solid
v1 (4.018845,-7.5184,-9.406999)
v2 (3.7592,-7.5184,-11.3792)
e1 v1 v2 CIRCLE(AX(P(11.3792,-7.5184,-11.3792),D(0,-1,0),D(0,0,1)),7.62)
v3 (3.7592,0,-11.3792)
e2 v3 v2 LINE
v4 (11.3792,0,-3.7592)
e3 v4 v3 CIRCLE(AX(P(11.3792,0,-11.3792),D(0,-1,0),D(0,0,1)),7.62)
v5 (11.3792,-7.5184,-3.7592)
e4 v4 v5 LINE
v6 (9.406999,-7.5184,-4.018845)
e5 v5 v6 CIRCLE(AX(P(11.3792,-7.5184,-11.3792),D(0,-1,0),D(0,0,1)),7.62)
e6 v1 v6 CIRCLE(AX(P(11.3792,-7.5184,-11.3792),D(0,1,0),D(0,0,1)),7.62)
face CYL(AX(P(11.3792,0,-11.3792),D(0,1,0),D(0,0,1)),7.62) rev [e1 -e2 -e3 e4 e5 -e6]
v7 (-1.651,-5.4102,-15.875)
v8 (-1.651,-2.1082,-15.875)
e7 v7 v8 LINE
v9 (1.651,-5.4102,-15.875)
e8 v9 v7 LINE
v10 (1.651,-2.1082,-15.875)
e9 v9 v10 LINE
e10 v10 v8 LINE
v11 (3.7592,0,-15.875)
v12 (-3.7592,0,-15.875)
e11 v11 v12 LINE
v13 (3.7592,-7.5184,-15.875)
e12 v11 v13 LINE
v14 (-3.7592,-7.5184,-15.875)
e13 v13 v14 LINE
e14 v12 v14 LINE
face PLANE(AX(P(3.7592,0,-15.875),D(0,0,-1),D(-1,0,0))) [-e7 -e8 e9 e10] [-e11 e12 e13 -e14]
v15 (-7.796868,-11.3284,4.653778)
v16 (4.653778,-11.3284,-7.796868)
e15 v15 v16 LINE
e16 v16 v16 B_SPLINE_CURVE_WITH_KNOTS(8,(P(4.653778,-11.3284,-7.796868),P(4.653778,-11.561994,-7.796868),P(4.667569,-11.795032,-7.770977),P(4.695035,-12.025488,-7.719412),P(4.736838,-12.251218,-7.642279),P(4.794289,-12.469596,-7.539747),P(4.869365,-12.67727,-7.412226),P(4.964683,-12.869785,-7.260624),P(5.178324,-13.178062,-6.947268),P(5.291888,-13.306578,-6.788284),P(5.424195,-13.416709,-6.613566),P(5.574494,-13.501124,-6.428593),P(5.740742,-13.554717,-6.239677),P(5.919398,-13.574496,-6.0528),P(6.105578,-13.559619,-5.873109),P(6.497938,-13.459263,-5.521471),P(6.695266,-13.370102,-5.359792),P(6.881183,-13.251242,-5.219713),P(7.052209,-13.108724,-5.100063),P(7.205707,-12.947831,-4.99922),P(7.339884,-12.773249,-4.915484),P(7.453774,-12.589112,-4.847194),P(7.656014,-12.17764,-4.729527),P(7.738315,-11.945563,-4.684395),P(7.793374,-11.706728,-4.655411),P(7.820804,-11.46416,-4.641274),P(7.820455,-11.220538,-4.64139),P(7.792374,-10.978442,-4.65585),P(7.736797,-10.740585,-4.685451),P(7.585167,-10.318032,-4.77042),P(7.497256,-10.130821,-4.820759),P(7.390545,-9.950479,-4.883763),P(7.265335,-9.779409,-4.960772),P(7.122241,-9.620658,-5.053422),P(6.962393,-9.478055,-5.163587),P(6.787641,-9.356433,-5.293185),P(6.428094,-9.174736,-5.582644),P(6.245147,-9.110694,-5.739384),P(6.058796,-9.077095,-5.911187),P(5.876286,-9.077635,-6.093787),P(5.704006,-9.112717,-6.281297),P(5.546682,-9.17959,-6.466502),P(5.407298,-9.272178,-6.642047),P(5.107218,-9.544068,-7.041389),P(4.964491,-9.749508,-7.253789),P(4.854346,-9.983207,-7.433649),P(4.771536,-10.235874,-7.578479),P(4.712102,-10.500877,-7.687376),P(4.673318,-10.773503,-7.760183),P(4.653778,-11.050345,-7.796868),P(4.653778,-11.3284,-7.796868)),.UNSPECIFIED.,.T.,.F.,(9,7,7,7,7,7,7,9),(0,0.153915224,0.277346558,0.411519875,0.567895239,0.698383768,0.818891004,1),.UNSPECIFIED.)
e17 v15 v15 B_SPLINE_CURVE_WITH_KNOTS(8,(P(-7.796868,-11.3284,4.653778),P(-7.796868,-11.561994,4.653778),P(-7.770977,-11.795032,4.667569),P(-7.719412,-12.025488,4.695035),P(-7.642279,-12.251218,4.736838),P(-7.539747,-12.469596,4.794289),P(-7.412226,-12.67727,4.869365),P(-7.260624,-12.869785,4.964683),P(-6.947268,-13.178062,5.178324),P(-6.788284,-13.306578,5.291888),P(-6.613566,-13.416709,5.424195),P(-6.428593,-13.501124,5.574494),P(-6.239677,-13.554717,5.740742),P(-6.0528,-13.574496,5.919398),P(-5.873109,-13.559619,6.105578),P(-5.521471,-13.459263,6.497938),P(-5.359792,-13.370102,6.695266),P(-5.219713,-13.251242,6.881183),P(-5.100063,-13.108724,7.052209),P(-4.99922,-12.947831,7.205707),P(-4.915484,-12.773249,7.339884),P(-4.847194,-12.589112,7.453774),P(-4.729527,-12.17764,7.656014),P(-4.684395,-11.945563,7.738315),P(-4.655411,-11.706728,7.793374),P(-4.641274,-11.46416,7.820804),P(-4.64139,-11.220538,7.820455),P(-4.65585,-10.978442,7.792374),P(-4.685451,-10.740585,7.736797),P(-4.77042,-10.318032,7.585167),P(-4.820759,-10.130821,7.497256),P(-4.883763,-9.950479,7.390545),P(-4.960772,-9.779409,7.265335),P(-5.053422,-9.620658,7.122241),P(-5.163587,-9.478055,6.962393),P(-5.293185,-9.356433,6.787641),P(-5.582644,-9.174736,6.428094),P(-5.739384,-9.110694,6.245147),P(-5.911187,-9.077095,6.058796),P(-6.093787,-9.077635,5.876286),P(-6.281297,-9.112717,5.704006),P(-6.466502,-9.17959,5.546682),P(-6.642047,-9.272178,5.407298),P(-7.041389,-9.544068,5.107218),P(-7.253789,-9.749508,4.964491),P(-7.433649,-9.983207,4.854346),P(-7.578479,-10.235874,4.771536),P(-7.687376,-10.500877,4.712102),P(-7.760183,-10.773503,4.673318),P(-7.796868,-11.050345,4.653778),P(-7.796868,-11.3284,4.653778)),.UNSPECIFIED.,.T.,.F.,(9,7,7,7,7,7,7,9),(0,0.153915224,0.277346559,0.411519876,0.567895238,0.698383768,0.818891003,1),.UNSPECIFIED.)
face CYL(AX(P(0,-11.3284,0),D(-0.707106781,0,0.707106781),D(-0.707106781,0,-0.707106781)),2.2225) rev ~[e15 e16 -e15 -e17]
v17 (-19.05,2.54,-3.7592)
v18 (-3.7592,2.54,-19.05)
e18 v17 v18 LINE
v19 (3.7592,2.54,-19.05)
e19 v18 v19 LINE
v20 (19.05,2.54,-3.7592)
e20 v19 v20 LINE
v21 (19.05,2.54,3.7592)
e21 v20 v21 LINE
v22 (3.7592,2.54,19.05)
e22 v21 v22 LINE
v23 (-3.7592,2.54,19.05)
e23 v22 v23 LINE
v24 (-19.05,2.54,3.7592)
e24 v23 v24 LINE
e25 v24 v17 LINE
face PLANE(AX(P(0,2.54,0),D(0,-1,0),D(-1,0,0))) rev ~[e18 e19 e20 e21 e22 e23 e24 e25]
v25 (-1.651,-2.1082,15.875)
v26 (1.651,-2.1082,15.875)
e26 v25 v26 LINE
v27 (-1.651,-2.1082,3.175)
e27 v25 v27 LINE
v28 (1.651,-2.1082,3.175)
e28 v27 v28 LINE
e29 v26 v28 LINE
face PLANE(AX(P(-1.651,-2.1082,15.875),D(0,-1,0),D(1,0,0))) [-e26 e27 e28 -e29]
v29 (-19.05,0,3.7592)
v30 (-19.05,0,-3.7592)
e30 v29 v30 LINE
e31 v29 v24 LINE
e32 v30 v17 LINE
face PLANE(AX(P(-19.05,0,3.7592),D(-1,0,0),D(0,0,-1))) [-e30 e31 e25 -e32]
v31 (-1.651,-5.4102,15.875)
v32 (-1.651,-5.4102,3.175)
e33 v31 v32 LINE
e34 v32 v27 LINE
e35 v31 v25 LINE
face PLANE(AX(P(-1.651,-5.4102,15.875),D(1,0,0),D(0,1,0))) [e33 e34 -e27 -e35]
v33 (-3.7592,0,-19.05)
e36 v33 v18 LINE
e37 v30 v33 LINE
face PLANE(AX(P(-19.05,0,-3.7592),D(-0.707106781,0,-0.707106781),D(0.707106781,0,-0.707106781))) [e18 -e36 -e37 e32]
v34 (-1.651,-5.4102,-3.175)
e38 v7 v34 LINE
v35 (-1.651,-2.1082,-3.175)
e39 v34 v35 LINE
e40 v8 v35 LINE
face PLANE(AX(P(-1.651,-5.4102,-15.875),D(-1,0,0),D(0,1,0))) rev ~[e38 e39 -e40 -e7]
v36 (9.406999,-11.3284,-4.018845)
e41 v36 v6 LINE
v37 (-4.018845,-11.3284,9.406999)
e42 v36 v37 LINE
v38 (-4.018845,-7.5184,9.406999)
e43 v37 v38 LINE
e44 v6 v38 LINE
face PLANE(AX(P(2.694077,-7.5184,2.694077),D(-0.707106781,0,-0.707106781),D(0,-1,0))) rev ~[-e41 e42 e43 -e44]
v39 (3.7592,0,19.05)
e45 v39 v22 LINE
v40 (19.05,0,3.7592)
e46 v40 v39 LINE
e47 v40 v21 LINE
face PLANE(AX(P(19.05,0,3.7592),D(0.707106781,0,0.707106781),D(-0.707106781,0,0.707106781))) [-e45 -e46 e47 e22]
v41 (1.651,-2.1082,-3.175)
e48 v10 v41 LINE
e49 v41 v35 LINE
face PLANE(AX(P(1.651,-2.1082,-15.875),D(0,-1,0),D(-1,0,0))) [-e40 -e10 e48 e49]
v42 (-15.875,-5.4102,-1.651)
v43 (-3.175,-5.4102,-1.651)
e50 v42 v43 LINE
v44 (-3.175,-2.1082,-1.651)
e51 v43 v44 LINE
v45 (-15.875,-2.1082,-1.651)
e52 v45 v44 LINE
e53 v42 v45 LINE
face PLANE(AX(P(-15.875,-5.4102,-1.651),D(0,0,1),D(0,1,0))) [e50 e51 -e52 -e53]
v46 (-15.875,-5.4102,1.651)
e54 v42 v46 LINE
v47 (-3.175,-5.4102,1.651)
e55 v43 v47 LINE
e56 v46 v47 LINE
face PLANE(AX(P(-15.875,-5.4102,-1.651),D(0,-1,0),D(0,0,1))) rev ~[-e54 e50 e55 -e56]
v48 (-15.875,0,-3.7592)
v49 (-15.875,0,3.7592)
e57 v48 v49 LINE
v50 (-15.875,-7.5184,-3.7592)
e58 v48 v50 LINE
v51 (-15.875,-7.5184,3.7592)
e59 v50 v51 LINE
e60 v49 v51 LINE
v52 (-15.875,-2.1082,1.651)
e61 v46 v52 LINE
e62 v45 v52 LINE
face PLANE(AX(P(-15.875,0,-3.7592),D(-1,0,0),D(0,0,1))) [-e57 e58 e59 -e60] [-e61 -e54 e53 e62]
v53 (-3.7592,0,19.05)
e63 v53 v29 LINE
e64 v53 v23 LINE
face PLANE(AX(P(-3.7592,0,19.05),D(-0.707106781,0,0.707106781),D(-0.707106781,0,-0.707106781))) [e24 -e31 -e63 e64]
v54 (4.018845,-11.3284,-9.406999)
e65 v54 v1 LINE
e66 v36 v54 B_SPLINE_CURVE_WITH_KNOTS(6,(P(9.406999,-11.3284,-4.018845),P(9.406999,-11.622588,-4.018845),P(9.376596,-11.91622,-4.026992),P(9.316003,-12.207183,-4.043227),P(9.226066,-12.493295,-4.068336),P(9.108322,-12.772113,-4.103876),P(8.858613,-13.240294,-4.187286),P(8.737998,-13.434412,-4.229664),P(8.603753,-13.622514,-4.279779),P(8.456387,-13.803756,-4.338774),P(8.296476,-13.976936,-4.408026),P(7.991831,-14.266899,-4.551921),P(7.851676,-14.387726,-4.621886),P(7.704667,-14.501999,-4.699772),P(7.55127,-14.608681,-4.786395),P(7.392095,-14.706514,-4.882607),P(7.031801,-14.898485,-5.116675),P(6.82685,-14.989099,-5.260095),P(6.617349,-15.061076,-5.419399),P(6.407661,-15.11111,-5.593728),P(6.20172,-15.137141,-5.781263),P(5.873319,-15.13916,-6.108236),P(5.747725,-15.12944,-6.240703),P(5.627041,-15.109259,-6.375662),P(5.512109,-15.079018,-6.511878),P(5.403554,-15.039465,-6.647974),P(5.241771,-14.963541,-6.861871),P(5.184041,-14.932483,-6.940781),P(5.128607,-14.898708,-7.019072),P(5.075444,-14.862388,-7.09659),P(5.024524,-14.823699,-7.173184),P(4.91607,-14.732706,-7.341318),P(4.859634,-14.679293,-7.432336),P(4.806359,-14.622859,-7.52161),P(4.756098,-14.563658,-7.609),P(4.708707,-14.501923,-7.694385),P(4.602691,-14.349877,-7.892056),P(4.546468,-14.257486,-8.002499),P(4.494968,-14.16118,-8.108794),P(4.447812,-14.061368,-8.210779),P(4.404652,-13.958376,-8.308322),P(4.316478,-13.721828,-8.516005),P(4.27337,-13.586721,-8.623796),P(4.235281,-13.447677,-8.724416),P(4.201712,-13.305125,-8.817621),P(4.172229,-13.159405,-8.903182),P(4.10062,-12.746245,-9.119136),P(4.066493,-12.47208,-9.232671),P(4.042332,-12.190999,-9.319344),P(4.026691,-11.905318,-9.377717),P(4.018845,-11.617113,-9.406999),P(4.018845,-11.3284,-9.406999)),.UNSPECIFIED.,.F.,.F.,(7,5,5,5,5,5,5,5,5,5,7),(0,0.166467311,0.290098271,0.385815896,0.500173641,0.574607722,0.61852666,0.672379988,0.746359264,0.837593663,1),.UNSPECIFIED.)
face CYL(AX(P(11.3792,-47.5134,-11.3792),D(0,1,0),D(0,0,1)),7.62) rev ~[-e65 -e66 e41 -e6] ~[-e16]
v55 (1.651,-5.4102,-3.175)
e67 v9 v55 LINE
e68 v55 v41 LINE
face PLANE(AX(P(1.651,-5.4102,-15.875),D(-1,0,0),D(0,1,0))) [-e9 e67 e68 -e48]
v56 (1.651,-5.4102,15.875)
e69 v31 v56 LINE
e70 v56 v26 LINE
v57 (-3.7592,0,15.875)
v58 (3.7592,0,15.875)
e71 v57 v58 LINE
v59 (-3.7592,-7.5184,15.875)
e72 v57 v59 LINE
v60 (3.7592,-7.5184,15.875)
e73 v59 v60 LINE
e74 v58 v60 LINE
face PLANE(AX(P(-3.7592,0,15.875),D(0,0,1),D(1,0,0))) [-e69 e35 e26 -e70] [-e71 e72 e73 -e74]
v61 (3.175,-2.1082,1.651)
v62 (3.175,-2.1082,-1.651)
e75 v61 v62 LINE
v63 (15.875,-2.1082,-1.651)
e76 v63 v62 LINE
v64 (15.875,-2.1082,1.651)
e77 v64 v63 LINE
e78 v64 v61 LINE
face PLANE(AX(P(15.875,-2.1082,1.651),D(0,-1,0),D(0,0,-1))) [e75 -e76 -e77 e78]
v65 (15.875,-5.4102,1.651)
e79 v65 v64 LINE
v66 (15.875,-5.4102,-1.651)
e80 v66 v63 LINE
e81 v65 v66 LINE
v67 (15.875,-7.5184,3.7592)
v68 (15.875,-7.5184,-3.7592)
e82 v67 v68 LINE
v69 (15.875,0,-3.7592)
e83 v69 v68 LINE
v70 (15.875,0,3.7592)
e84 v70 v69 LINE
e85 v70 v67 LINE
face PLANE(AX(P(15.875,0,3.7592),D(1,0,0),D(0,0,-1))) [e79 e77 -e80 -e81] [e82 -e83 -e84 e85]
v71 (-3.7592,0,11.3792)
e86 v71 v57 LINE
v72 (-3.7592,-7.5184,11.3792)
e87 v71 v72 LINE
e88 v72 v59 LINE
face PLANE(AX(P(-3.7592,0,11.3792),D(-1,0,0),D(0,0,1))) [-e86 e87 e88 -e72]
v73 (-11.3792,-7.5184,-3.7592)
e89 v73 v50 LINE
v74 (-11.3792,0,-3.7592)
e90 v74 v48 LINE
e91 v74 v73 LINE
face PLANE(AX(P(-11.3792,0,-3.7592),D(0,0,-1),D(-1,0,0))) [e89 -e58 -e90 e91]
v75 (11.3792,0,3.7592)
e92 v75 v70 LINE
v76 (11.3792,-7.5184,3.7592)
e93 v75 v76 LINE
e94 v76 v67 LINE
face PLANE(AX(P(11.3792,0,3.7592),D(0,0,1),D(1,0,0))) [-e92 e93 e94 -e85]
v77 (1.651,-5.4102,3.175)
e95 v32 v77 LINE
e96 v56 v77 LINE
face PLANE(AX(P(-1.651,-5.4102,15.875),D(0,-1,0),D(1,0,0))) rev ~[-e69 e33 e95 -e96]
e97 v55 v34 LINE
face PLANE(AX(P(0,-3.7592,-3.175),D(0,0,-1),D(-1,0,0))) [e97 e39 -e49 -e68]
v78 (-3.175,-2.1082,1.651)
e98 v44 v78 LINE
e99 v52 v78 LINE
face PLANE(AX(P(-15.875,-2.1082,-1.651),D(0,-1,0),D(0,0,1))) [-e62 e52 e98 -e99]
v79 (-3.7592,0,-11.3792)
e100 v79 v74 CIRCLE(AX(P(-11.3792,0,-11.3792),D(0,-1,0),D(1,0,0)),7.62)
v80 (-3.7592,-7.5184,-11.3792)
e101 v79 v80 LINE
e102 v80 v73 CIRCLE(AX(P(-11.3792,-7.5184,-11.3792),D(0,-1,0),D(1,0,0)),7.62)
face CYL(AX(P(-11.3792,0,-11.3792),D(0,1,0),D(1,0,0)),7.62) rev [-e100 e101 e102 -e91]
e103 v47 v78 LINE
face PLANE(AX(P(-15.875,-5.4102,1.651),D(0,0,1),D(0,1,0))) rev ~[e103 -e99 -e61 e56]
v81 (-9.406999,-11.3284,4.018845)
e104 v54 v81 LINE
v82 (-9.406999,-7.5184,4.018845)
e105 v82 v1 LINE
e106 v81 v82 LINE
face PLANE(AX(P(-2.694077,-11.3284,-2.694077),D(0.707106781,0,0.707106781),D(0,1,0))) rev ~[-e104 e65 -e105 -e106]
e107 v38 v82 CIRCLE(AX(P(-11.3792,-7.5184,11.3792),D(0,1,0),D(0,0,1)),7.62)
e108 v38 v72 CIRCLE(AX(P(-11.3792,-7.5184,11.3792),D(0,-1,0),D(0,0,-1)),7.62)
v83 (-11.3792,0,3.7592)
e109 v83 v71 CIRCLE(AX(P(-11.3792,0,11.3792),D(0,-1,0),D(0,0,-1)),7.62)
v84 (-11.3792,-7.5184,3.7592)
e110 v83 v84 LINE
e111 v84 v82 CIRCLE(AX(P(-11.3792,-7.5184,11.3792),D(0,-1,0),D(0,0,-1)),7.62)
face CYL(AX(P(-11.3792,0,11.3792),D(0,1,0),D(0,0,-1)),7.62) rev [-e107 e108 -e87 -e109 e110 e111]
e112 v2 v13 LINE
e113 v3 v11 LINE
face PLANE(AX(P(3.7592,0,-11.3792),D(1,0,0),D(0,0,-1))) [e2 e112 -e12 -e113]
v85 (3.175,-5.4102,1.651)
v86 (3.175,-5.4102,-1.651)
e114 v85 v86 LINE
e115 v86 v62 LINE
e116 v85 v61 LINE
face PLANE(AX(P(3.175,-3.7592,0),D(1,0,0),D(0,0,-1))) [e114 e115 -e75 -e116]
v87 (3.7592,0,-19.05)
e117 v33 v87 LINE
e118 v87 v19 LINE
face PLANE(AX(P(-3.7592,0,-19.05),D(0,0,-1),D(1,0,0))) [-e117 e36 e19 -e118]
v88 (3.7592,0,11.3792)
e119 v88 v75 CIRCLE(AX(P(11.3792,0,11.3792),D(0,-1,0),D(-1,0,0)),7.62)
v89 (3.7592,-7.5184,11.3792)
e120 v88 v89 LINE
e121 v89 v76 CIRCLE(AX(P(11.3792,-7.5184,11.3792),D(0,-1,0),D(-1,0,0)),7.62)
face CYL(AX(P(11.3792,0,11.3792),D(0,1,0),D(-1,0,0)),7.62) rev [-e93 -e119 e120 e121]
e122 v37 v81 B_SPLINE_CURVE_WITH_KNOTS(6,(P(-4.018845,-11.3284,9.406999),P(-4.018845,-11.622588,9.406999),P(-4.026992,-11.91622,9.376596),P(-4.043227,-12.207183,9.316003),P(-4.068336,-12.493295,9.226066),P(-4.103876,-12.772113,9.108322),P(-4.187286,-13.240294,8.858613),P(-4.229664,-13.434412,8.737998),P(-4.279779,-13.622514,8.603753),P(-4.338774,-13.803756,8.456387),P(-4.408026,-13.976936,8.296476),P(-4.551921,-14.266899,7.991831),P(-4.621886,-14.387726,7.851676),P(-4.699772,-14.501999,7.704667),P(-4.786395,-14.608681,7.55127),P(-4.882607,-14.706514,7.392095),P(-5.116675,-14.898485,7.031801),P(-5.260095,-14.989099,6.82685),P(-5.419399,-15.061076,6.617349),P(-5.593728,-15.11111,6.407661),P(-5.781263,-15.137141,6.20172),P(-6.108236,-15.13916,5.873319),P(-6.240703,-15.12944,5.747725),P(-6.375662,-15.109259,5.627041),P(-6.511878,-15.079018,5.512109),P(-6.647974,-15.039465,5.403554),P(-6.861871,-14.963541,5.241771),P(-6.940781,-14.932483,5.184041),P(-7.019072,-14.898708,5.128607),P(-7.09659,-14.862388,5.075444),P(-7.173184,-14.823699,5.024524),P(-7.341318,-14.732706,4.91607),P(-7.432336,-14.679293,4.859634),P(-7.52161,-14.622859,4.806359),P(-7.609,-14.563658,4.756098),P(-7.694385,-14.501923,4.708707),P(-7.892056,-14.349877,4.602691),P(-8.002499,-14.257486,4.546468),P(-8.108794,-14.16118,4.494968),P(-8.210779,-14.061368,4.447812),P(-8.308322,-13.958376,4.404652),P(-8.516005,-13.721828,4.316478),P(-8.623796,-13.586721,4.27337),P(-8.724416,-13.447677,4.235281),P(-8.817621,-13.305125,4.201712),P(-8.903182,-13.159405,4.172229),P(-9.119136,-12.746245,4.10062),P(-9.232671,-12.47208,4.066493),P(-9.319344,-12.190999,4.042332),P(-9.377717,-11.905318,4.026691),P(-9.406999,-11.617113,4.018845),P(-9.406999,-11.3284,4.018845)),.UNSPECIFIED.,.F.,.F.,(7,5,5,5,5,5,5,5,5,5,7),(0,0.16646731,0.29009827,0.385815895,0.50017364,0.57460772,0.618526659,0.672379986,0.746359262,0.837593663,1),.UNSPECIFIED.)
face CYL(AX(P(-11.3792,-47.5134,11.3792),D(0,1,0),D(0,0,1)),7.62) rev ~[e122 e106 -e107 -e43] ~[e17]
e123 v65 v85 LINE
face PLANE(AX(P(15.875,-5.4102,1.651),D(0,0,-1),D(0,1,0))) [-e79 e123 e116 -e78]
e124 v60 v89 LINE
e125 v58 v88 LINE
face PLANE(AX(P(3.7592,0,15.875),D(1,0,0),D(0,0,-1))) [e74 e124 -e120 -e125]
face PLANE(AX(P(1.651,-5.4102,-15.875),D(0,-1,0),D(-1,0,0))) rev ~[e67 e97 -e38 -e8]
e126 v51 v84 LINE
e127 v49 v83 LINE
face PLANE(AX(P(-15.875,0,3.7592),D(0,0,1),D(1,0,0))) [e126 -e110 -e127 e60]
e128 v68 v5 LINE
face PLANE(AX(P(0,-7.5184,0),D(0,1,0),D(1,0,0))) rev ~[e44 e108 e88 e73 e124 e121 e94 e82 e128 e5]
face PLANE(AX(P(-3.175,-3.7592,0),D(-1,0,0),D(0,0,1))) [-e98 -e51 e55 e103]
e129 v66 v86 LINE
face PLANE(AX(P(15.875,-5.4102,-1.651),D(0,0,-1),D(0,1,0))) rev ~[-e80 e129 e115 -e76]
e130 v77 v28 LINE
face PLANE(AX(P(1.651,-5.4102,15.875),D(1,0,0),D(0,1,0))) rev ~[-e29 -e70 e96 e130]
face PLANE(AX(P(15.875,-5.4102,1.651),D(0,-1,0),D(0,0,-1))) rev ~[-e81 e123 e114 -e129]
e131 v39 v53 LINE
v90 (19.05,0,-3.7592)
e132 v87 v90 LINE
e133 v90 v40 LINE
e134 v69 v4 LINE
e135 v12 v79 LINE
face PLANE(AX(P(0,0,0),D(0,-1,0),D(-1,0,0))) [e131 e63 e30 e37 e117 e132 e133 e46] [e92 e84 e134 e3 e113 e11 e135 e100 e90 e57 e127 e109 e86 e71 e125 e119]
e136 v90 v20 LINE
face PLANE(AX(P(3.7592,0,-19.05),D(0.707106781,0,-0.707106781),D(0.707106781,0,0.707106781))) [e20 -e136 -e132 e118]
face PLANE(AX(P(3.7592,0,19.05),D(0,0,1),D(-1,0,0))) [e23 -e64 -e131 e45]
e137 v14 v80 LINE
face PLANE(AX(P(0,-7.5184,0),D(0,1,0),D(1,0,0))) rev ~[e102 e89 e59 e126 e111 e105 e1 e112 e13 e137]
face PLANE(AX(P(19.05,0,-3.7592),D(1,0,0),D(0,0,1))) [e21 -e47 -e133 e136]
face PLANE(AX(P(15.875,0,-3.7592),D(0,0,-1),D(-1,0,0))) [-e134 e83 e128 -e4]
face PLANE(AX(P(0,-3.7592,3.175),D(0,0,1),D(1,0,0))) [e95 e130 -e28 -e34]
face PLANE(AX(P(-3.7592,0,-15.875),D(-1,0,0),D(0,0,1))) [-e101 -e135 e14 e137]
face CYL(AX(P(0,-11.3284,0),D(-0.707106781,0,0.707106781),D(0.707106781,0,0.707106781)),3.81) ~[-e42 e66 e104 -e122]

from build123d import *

# Parameters (mm, degrees)
BOSS_EXTRUDE1_DEPTH                  = 7.5184
SKETCH2_W                            = 3.302
SKETCH2_H                            = 3.302
CUT_EXTRUDE1_DEPTH                   = 12.7
CIRPATTERN1_COUNT                    = 4
BOSS_EXTRUDE2_DEPTH                  = 2.54
BOSS_EXTRUDE3_REACH                  = 29.97
BOSS_EXTRUDE3_END_RADIUS             = 7.62
SKETCH6_R                            = 2.2225
BOSS_EXTRUDE3_DIRECTION_2_REACH      = 29.97
BOSS_EXTRUDE3_DIRECTION_2_END_RADIUS = 7.62


with BuildPart() as part:
    # Sketch1 → Boss-Extrude1 (new body)
    with BuildSketch(Plane(origin=(0, 0, 0), x_dir=(1, 0, 0), z_dir=(0, 1, 0))):
        with BuildLine():
            Line((3.7592, 11.3792), (3.7592, 15.875))
            Line((3.7592, 15.875), (-3.7592, 15.875))
            Line((-3.7592, 15.875), (-3.7592, 11.3792))
            ThreePointArc((-3.7592, 11.3792), (-5.991046327, 5.991046327), (-11.3792, 3.7592))
            Line((-11.3792, 3.7592), (-15.875, 3.7592))
            Line((-15.875, 3.7592), (-15.875, -3.7592))
            Line((-15.875, -3.7592), (-11.3792, -3.7592))
            ThreePointArc((-11.3792, -3.7592), (-5.991046327, -5.991046327), (-3.7592, -11.3792))
            Line((-3.7592, -11.3792), (-3.7592, -15.875))
            Line((-3.7592, -15.875), (3.7592, -15.875))
            Line((3.7592, -15.875), (3.7592, -11.3792))
            ThreePointArc((3.7592, -11.3792), (5.991046327, -5.991046327), (11.3792, -3.7592))
            Line((11.3792, -3.7592), (15.875, -3.7592))
            Line((15.875, -3.7592), (15.875, 3.7592))
            Line((15.875, 3.7592), (11.3792, 3.7592))
            ThreePointArc((11.3792, 3.7592), (5.991046327, 5.991046327), (3.7592, 11.3792))
        make_face()
    extrude(amount=-BOSS_EXTRUDE1_DEPTH)

    # Sketch2 → Cut-Extrude1 (cut)
    with BuildSketch(Plane.XY.offset(15.875)):
        with Locations((0, -3.7592)):
            Rectangle(SKETCH2_W, SKETCH2_H)
    cut_extrude1 = extrude(amount=-CUT_EXTRUDE1_DEPTH, mode=Mode.SUBTRACT)

    # CirPattern1: Cut-Extrude1 ×4 about axis
    cirpattern1_axis = Axis((0, -22.390859054, 0), (0, 1, 0))
    for i in range(1, CIRPATTERN1_COUNT):
        add(cut_extrude1.rotate(cirpattern1_axis, i * 360 / CIRPATTERN1_COUNT), mode=Mode.SUBTRACT)

    # Sketch4 → Boss-Extrude2 (add)
    with BuildSketch(Plane(origin=(0, 0, 0), x_dir=(1, 0, 0), z_dir=(0, 1, 0))):
        Polygon((3.7592, 19.05), (19.05, 3.7592), (19.05, -3.7592), (3.7592, -19.05), (-3.7592, -19.05), (-19.05, -3.7592), (-19.05, 3.7592), (-3.7592, 19.05), align=None)
    extrude(amount=BOSS_EXTRUDE2_DEPTH)

    # Boss-Extrude3: up to this cylinder (the profile starts outside it)
    boss_extrude3_end = Plane(origin=(-11.3792, -9.4234, 11.3792), z_dir=(0, 1, 0)) * Cylinder(BOSS_EXTRUDE3_END_RADIUS, 76.18, mode=Mode.PRIVATE)
    # Sketch6 → Boss-Extrude3 (add, up to the surface)
    with BuildSketch(Plane(origin=(0, 0, 0), x_dir=(0.7071067811865474, 0, 0.7071067811865477), z_dir=(-0.7071067811865477, 0, 0.7071067811865474)), mode=Mode.PRIVATE) as boss_extrude3_sk1:
        with BuildLine():
            Line((-3.81, -11.3284), (-3.81, -7.5184))
            Line((-3.81, -7.5184), (3.81, -7.5184))
            Line((3.81, -7.5184), (3.81, -11.3284))
            ThreePointArc((3.81, -11.3284), (0, -15.1384), (-3.81, -11.3284))
        make_face()
        with Locations((0, -11.3284)):
            Circle(SKETCH6_R, mode=Mode.SUBTRACT)
    boss_extrude3_tool1 = extrude(boss_extrude3_sk1.sketch, amount=BOSS_EXTRUDE3_REACH, mode=Mode.PRIVATE) - boss_extrude3_end
    add(boss_extrude3_tool1.solids().sort_by_distance((-2.617877, -9.4234, -2.617877))[0])

    # Boss-Extrude3 direction 2: up to this cylinder (the profile starts outside it)
    boss_extrude3_direction_2_end = Plane(origin=(11.3792, -9.4234, -11.3792), z_dir=(0, 1, 0)) * Cylinder(BOSS_EXTRUDE3_DIRECTION_2_END_RADIUS, 76.18, mode=Mode.PRIVATE)
    # Sketch6 → Boss-Extrude3 direction 2 (add, up to the surface)
    with BuildSketch(Plane(origin=(0, 0, 0), x_dir=(0.7071067811865474, 0, 0.7071067811865477), z_dir=(-0.7071067811865477, 0, 0.7071067811865474)), mode=Mode.PRIVATE) as boss_extrude3_direction_2_sk1:
        with BuildLine():
            Line((-3.81, -11.3284), (-3.81, -7.5184))
            Line((-3.81, -7.5184), (3.81, -7.5184))
            Line((3.81, -7.5184), (3.81, -11.3284))
            ThreePointArc((3.81, -11.3284), (0, -15.1384), (-3.81, -11.3284))
        make_face()
        with Locations((0, -11.3284)):
            Circle(SKETCH6_R, mode=Mode.SUBTRACT)
    boss_extrude3_direction_2_tool1 = extrude(boss_extrude3_direction_2_sk1.sketch, amount=-BOSS_EXTRUDE3_DIRECTION_2_REACH, mode=Mode.PRIVATE) - boss_extrude3_direction_2_end
    add(boss_extrude3_direction_2_tool1.solids().sort_by_distance((-2.617877, -9.4234, -2.617877))[0])


solid = part.part
